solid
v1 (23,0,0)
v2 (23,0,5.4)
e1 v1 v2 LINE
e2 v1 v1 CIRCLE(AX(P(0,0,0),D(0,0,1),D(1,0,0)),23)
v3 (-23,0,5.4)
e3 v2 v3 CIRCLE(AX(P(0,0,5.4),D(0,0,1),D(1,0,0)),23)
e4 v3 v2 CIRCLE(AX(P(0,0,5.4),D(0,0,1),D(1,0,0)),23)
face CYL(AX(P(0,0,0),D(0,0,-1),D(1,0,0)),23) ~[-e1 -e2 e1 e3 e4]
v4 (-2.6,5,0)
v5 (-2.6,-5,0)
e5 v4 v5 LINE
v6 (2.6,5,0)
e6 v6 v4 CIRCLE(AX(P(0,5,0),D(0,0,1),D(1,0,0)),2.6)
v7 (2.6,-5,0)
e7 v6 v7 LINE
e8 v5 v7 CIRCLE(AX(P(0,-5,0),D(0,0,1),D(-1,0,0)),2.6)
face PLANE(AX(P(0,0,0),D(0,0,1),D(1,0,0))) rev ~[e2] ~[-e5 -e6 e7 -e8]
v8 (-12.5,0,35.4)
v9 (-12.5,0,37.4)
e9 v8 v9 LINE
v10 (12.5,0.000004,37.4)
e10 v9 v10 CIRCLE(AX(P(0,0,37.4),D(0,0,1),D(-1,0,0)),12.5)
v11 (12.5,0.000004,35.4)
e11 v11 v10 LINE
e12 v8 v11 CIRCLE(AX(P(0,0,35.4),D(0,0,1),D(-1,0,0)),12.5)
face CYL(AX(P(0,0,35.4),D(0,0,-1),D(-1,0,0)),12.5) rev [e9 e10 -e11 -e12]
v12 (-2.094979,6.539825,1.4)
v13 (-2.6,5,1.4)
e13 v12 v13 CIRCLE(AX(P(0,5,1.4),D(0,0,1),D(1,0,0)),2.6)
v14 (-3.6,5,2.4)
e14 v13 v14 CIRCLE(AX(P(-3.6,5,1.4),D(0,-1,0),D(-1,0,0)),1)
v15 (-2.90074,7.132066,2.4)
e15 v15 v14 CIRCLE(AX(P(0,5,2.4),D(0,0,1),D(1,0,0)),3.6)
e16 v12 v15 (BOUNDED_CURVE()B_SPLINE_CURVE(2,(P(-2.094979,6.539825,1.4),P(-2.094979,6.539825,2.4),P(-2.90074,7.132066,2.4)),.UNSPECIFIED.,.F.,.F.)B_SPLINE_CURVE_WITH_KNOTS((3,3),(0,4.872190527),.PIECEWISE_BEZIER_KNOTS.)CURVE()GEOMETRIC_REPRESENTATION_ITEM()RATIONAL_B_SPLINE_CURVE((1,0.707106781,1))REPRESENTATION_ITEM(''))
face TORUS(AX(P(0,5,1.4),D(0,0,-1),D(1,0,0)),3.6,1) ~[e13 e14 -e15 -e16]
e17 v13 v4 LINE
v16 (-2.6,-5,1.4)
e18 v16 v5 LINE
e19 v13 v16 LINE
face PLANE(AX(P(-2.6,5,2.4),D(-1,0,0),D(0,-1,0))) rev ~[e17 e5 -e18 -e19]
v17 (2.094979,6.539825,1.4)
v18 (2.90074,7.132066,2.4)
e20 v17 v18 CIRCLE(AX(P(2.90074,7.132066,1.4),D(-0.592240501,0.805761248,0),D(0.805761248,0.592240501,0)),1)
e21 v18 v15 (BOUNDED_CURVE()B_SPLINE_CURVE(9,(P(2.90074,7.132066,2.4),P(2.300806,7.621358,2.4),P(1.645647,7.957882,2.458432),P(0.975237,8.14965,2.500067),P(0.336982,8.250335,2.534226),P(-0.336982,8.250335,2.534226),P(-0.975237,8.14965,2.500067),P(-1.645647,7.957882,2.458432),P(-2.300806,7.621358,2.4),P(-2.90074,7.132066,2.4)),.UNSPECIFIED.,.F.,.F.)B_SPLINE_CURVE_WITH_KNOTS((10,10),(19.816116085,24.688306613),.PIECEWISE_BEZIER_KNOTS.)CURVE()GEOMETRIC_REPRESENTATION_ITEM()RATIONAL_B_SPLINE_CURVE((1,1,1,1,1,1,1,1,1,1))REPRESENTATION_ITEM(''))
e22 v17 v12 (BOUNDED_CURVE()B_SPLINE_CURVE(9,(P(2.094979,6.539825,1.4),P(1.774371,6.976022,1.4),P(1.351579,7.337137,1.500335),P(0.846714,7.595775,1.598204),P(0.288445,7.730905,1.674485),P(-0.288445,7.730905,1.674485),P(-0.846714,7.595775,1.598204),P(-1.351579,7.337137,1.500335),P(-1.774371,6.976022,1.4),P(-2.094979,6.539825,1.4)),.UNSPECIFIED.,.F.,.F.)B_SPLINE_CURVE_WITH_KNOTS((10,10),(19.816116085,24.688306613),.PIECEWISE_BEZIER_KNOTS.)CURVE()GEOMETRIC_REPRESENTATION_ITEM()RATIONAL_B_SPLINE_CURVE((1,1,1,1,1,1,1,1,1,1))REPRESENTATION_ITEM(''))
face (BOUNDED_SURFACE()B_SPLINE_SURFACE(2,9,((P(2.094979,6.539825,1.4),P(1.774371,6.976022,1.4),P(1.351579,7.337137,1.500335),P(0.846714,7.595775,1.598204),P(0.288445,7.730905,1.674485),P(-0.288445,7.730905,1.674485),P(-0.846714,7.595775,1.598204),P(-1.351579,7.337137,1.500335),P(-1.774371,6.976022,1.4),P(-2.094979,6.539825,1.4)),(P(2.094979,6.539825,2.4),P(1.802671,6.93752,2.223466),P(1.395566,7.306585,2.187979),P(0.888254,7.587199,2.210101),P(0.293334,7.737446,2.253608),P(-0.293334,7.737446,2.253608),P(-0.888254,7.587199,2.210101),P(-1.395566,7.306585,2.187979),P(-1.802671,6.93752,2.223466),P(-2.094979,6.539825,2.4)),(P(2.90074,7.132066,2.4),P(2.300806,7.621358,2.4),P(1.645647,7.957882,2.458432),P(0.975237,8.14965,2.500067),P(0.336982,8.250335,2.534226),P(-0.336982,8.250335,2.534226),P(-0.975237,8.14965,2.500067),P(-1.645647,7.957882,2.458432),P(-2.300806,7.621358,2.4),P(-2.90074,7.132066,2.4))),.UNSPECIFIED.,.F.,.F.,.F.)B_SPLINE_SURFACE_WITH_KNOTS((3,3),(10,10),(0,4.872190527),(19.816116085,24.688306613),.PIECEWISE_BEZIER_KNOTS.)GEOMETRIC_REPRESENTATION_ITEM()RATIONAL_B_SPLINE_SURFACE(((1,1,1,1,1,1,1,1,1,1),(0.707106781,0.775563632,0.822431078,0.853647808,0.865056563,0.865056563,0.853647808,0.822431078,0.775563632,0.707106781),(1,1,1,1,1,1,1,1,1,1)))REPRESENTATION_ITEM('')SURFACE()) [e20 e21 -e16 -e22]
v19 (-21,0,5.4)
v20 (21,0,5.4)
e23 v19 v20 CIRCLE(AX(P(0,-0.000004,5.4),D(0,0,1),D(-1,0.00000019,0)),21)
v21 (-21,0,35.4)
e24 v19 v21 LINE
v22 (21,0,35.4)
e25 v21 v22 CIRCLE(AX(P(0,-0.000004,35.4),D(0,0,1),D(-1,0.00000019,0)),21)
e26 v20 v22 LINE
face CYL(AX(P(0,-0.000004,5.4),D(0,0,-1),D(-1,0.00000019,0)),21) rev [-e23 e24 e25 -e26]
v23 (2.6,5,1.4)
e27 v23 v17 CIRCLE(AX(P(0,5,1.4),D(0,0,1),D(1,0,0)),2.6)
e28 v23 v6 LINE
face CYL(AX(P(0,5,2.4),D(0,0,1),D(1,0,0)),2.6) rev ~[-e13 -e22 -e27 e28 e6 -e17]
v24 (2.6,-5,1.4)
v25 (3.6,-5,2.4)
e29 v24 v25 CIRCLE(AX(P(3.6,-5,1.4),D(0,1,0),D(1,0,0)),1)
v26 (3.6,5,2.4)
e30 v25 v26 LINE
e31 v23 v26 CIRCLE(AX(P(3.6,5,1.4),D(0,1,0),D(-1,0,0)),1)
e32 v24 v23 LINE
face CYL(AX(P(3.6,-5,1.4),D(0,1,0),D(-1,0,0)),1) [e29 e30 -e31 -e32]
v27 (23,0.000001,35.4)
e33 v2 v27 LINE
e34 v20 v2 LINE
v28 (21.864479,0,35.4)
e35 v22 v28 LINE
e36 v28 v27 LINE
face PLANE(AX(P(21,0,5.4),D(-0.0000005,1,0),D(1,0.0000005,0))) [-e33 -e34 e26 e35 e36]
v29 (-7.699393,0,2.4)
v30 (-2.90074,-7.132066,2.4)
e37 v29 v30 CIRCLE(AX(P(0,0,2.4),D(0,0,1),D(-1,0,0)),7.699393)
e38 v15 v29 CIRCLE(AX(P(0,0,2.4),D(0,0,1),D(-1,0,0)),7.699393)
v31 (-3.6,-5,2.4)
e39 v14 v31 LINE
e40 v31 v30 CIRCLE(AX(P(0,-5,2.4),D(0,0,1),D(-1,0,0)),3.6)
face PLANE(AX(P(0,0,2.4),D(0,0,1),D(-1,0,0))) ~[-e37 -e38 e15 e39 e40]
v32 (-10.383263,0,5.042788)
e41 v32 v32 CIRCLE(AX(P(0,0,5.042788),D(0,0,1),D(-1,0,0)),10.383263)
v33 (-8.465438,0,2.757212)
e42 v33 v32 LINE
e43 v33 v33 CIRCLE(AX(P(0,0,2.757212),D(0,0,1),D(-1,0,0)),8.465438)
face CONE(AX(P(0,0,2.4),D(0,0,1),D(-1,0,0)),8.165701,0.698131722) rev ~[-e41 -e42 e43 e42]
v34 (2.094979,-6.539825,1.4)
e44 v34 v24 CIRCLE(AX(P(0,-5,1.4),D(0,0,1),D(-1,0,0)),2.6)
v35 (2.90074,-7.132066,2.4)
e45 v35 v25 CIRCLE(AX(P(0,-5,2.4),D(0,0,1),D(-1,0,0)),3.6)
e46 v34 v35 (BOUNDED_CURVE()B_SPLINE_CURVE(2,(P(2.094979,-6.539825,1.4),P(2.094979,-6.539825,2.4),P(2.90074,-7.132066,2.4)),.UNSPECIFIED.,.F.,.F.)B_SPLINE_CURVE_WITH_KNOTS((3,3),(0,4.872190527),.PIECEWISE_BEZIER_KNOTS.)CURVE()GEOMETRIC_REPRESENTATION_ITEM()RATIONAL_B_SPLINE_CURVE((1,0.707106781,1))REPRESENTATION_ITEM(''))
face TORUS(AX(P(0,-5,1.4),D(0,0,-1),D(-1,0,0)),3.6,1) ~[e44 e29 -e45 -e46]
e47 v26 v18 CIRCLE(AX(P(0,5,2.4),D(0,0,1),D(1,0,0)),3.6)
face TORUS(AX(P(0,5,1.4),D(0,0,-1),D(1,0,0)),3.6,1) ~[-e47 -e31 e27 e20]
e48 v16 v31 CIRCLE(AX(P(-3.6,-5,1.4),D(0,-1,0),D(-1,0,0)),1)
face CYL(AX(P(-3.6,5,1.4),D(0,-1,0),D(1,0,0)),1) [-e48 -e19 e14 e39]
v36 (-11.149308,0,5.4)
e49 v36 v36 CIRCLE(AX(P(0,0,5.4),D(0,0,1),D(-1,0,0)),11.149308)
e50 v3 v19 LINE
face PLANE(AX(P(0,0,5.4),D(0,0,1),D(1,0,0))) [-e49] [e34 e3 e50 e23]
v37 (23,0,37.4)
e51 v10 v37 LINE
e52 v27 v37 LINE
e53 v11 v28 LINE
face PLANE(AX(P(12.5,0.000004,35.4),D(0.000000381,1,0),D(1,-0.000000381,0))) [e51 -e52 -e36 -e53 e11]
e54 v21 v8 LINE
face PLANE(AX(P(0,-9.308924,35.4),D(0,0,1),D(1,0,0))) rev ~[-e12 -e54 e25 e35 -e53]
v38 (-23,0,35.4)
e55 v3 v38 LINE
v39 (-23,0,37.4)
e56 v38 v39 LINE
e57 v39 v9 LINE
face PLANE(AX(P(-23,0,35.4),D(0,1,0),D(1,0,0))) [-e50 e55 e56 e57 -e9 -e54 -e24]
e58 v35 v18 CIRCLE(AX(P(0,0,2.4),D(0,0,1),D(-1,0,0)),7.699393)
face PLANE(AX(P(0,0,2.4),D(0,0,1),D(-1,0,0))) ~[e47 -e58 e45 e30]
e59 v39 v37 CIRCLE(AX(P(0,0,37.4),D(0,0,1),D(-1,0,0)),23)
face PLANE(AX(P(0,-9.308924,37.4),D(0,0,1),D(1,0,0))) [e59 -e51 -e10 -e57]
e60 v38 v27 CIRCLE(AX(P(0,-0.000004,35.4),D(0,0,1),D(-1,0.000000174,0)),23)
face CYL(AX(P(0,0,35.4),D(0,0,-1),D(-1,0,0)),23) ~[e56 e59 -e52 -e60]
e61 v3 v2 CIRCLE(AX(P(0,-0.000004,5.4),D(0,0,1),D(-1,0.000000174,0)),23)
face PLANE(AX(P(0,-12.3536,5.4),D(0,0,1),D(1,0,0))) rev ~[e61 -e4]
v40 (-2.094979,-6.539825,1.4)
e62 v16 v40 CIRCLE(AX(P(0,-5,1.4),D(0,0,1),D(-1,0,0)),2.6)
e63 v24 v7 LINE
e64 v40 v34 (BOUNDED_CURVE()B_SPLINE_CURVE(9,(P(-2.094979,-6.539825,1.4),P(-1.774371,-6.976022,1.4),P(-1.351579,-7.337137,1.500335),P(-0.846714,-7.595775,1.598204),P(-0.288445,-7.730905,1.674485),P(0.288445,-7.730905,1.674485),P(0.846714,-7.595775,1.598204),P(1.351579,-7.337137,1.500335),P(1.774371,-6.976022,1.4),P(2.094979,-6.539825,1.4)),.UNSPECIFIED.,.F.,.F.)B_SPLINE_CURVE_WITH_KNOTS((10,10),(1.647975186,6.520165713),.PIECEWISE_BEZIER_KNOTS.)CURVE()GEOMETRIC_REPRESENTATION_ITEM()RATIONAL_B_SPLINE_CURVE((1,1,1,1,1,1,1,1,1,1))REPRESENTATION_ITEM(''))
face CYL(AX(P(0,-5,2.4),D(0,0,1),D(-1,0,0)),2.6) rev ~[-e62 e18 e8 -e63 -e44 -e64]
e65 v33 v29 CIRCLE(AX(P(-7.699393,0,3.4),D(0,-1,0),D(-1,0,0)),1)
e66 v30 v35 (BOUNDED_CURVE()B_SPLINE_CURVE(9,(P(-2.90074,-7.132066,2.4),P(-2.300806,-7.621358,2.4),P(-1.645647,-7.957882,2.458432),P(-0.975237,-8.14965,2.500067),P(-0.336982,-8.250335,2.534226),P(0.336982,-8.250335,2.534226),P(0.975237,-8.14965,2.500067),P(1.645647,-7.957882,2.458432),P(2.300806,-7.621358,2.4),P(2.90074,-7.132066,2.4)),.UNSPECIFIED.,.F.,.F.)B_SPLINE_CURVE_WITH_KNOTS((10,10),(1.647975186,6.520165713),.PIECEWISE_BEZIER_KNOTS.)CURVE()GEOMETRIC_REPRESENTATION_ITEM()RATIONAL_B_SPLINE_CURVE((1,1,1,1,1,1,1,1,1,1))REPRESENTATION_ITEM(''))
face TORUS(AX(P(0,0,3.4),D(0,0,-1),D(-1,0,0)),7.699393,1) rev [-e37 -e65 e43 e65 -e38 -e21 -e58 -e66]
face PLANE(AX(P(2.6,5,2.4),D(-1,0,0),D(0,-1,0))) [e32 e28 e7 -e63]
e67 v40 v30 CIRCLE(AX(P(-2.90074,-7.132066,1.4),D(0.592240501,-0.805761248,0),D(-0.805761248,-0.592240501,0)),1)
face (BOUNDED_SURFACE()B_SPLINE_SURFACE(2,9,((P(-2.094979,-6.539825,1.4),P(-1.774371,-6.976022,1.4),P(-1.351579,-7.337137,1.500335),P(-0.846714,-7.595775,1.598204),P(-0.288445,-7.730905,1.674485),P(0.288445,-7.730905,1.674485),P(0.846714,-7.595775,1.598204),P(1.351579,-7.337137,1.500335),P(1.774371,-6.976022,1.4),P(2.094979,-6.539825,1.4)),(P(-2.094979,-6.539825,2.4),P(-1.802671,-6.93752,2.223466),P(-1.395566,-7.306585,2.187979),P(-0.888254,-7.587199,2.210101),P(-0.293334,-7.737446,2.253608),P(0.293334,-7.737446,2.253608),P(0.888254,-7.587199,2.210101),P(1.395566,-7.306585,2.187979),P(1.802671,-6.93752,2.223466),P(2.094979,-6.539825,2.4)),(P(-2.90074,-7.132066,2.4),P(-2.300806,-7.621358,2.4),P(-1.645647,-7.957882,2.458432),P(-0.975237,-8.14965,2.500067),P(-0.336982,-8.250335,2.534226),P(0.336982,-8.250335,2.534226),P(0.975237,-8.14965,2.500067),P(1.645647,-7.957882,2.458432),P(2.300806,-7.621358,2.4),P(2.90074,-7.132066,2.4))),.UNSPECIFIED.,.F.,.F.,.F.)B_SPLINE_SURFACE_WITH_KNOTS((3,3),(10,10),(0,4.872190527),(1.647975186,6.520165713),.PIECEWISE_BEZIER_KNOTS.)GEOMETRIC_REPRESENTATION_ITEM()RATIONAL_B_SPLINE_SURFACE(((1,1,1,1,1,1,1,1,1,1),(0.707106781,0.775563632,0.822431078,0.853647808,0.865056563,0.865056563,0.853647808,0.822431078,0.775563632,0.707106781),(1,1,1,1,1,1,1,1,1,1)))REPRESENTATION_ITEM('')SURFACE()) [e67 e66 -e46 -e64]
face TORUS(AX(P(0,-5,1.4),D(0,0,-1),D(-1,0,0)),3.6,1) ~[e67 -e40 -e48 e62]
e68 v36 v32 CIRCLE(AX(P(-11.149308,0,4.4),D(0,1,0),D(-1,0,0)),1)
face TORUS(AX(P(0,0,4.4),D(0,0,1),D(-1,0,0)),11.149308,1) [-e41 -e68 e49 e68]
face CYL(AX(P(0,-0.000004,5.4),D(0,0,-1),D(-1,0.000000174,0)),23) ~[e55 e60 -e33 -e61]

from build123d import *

# Parameters (mm, degrees)
SKETCH_R     = 23
PAD_DEPTH    = 5.4
POCKET_DEPTH = 5
FILLET_R     = 1
FILLET001_R  = 1
PAD001_DEPTH = 30
PAD002_DEPTH = 2


with BuildPart() as part:
    # Sketch → Pad (new body)
    with BuildSketch(Plane.XY):
        Circle(SKETCH_R)
    extrude(amount=PAD_DEPTH)

    # Sketch001 (on DatumPlane) → Groove (revolve, cut)
    with BuildSketch(Plane(origin=(0, 0, 0), x_dir=(0, 0, 1), z_dir=(0, -1, 0))):
        Polygon((9, 15), (9, 0), (2.4, 0), (2.4, 8.165701), (5.4, 10.683), (5.4, 15), align=None)
    revolve(axis=Axis((0, 0, 0), (0, 0, 1)), mode=Mode.SUBTRACT)

    # Sketch002 (on Face5 of Groove) → Pocket (cut)
    with BuildSketch(Plane.XY.offset(2.4)):
        with BuildLine():
            ThreePointArc((2.6, 5), (0, 7.6), (-2.6, 5))
            Line((-2.6, 5), (-2.6, -5))
            ThreePointArc((-2.6, -5), (0, -7.6), (2.6, -5))
            Line((2.6, 5), (2.6, -5))
        make_face()
    extrude(amount=-POCKET_DEPTH, mode=Mode.SUBTRACT)

    # Fillet
    fillet_edges = [part.edges().sort_by_distance(p)[0] for p in [
        (8.165701, 0, 2.4),
        (10.683, 0, 5.4),
    ]]
    fillet(fillet_edges, radius=FILLET_R)

    # Fillet001
    fillet001_edges = [part.edges().sort_by_distance(p)[0] for p in [
        (0, -7.6, 2.4),
    ]]
    fillet(fillet001_edges, radius=FILLET001_R)

    # Sketch003 (on Face19 of Fillet001) → Pad001 (join)
    with BuildSketch(Plane.XY.offset(5.4)):
        with BuildLine():
            ThreePointArc((-23, 0), (0, -23.000004), (23, 1e-06))
            Line((21, 0), (23, 1e-06))
            ThreePointArc((-21, 0), (0, -21.000004), (21, 0))
            Line((-23, 0), (-21, 0))
        make_face()
    extrude(amount=PAD001_DEPTH)

    # Sketch004 (on Face25 of Pad001) → Pad002 (join)
    with BuildSketch(Plane.XY.offset(35.4)):
        with BuildLine():
            ThreePointArc((-23, 0), (0, -23), (23, 0))
            Line((12.5, 4e-06), (23, 0))
            ThreePointArc((-12.5, 0), (2e-06, -12.5), (12.5, 4e-06))
            Line((-23, 0), (-12.5, 0))
        make_face()
    extrude(amount=PAD002_DEPTH)


solid = part.part
